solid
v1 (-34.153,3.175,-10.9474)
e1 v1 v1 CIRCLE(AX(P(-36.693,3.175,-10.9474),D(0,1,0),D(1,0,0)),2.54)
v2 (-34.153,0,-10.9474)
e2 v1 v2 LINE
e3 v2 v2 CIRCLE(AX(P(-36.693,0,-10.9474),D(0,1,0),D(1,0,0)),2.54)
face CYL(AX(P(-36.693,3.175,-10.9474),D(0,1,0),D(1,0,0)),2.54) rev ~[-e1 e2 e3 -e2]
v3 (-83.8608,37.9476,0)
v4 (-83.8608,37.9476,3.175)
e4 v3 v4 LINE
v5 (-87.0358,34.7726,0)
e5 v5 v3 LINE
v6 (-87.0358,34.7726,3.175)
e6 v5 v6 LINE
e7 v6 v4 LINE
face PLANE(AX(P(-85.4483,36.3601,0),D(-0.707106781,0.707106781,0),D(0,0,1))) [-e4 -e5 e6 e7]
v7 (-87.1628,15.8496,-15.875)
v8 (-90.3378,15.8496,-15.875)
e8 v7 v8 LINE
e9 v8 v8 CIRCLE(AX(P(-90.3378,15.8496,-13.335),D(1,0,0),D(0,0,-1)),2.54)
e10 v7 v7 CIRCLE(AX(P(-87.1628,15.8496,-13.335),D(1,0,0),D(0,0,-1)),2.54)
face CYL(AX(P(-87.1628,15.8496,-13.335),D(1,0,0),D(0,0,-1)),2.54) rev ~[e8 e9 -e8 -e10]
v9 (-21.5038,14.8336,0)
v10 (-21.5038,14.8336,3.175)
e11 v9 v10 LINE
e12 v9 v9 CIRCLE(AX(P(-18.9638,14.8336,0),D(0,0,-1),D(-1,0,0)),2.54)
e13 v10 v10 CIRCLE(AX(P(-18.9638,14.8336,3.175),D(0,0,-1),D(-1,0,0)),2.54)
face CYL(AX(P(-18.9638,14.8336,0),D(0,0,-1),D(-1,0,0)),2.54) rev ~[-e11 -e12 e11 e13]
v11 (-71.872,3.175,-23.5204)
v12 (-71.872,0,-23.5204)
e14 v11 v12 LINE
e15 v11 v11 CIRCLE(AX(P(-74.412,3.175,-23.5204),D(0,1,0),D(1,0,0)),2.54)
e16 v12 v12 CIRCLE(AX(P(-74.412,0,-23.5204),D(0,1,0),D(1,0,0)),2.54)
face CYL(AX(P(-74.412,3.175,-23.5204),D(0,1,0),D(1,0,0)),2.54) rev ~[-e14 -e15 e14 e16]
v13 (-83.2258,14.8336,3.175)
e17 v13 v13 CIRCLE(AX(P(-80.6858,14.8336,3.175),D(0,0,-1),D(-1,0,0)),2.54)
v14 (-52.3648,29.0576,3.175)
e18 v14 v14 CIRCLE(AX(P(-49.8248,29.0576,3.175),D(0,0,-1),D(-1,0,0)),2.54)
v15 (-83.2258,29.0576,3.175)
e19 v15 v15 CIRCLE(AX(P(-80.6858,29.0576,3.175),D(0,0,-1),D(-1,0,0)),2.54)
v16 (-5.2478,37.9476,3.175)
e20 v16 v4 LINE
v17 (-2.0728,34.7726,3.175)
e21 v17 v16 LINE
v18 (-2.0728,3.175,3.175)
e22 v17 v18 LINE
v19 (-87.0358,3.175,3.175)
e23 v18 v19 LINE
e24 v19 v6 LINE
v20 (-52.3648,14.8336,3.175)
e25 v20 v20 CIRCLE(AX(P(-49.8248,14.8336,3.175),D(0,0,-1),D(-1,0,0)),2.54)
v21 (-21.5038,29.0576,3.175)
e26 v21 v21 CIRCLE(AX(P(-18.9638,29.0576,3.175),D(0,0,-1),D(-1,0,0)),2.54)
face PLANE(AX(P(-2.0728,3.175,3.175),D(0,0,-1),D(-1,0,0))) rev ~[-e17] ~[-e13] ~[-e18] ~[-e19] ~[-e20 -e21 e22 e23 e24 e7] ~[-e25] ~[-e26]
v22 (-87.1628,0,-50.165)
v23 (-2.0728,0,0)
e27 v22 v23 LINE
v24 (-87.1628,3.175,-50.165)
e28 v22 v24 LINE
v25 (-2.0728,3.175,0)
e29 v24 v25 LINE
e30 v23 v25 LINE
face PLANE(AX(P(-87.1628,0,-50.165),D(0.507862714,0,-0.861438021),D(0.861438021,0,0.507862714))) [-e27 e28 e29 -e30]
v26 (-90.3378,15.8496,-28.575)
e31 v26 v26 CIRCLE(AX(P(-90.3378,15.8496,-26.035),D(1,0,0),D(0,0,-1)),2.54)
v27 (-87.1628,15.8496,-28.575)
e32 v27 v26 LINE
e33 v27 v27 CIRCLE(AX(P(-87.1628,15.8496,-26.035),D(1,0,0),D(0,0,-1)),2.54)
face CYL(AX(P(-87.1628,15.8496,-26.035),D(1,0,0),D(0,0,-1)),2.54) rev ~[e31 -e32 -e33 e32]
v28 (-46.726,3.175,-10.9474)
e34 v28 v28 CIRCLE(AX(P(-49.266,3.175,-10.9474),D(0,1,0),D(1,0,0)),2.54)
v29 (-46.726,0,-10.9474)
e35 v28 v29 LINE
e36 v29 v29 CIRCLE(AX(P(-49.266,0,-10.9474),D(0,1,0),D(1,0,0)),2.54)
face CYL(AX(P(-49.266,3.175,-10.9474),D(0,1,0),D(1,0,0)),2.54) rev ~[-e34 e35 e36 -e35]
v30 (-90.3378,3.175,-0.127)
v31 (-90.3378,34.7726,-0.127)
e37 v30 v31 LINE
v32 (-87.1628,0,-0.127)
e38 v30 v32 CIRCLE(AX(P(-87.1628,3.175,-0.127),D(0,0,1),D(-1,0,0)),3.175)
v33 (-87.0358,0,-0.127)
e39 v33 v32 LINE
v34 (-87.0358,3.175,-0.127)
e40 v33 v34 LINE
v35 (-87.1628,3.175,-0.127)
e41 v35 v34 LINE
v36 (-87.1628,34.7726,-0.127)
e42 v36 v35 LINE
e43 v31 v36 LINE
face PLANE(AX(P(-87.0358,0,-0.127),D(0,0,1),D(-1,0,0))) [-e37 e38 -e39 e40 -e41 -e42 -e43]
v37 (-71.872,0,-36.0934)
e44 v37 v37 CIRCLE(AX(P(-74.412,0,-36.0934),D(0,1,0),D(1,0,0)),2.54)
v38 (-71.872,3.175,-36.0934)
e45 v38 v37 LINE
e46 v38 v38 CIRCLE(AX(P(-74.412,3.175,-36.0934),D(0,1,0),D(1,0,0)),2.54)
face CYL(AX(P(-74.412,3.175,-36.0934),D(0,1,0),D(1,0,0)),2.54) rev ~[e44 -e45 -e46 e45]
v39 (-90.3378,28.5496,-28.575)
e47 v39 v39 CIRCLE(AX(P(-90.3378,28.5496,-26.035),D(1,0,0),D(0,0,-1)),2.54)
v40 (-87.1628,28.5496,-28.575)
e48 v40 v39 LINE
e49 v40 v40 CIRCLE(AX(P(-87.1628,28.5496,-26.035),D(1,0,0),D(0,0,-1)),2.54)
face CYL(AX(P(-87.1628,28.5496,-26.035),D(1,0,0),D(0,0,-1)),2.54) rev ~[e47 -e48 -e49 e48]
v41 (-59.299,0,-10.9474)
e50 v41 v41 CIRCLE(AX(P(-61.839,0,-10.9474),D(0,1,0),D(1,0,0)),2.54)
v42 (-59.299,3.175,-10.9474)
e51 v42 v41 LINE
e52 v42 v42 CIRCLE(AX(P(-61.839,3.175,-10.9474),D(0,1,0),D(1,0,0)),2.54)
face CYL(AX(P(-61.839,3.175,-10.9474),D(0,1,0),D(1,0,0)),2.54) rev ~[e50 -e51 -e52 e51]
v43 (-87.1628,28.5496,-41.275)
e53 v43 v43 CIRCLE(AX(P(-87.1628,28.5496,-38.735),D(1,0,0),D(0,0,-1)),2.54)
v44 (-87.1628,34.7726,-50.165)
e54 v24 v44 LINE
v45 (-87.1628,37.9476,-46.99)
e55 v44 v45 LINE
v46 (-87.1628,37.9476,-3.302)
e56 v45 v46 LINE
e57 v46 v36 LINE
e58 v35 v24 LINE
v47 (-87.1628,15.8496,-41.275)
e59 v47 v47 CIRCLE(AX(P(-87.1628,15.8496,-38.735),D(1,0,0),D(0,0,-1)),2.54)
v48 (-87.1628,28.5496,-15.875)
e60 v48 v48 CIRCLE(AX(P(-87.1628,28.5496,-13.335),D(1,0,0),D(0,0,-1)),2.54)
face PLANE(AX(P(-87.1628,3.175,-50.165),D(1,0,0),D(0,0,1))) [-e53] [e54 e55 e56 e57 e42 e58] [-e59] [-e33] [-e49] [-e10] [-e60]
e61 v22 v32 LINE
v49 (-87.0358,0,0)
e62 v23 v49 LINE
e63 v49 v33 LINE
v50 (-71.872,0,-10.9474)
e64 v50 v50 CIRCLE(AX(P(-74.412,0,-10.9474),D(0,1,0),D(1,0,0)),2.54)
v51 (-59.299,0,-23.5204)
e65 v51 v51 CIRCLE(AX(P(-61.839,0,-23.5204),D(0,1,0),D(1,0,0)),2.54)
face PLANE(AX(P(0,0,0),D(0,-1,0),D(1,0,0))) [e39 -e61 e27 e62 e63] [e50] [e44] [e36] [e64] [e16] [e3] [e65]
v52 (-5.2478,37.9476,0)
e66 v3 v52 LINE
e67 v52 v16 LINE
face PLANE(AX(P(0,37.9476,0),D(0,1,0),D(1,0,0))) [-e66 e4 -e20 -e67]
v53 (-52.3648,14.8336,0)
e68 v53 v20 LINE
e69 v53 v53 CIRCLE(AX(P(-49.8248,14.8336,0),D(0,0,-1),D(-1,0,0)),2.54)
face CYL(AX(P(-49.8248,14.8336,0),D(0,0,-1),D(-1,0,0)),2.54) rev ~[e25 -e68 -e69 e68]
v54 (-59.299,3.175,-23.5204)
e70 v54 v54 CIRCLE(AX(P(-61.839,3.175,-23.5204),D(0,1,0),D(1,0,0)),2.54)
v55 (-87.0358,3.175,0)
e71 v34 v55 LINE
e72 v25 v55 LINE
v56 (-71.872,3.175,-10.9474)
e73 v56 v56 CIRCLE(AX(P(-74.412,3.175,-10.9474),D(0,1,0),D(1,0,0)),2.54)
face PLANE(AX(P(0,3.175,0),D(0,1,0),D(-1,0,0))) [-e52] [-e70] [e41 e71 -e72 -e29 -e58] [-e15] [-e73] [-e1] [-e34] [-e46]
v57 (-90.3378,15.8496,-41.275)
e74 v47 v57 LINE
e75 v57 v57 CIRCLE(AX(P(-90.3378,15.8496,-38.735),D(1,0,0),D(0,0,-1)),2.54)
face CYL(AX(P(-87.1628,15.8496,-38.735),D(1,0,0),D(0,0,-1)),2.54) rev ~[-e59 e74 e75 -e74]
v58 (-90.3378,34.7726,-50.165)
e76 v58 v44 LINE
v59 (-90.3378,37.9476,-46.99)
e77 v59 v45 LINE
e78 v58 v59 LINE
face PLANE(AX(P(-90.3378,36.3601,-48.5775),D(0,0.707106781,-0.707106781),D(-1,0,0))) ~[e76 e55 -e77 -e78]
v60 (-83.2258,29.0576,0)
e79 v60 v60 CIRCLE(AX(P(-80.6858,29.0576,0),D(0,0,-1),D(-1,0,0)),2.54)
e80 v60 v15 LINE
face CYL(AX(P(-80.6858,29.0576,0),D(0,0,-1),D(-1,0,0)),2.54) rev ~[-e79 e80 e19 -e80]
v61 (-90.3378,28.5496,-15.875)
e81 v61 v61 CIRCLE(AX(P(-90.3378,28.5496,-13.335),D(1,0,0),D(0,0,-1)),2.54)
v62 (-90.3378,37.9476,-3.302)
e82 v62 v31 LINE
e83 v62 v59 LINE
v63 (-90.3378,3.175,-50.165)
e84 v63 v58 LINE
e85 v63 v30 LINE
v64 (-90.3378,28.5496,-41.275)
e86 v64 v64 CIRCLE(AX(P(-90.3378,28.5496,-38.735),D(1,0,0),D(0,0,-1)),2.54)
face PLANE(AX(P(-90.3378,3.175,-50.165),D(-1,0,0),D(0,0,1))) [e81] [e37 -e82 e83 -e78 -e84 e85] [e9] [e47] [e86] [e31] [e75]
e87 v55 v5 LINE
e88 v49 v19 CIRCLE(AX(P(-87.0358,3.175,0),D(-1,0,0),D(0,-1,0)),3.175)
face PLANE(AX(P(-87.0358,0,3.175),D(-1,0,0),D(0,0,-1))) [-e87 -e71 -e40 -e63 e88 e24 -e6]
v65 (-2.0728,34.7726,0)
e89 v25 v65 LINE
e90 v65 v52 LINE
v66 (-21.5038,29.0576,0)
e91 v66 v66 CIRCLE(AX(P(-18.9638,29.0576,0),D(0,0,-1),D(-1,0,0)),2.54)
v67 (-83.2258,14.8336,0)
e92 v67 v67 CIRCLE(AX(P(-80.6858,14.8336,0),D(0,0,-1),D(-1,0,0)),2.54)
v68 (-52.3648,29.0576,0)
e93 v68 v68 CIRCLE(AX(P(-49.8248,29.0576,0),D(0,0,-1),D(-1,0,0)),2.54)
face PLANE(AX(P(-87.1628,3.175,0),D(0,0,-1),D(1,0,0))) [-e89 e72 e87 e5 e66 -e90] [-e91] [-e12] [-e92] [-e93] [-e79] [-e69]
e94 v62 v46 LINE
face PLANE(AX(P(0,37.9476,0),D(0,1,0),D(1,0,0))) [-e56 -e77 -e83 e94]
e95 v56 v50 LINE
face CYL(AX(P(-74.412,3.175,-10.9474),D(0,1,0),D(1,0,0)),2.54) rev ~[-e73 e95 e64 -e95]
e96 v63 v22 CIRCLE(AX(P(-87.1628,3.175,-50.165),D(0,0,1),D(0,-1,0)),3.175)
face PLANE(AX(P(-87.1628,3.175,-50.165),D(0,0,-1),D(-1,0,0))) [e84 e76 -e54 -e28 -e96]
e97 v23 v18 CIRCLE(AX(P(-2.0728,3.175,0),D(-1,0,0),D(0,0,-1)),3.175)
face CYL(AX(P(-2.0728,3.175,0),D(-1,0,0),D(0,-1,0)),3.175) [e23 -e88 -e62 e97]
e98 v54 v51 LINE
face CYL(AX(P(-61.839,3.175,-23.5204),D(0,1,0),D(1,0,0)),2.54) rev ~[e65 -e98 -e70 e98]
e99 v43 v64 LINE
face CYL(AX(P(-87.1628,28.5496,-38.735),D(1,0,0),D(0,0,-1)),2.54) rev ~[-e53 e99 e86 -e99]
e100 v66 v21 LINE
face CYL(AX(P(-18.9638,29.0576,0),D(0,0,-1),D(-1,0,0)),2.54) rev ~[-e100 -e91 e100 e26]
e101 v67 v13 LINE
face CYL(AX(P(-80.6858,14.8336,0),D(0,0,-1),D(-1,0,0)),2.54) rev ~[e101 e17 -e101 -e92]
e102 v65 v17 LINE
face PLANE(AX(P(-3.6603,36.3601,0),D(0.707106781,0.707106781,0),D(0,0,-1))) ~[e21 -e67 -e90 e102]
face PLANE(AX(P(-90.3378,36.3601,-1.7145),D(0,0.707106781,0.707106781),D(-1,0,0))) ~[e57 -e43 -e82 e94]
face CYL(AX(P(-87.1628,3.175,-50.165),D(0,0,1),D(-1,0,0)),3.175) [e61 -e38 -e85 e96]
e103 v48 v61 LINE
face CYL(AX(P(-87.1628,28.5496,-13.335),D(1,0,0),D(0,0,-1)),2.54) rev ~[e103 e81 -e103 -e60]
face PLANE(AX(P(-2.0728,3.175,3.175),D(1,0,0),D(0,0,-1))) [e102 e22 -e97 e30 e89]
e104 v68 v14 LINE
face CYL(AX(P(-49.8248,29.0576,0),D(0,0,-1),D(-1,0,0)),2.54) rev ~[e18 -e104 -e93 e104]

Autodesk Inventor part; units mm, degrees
ref_plane "YZ Plane" through (0, 0, 0) normal (1, 0, 0) x (0, 1, 0)
ref_plane "XZ Plane" through (0, 0, 0) normal (0, 1, 0) x (-1, 0, 0)
ref_plane "XY Plane" through (0, 0, 0) normal (0, 0, 1) x (1, 0, 0)
sketch "Sketch1" plane through (0, 0, 0) normal (0, 1, 0) x (-1, 0, 0)
  line L0 (2.0728, 0) -> (87.1628, 0)
  line L1 (87.1628, 0) -> (87.1628, -50.165)
  line L2 (87.1628, -50.165) -> (2.0728, -50.165)
  line L3 (2.0728, -50.165) -> (2.0728, 0)
  line L4 (87.1628, -50.165) -> (2.0728, 0)
  point P0 (0, 0)
  dimension "d0" = 85.09
  dimension "d1" = 50.165
extrude "Extrusion1" add sketch "Sketch1" along normal blind 3.175 contours L0 L1 L4
sketch "Sketch2" plane through (0, 3.175, 0) normal (0, 1, 0) x (1, 0, 0)
  line L0 (-87.1628, 0) -> (-2.0728, 0) projected
  line L1 (-87.1628, 0) -> (-90.3378, 0)
  line L2 (-90.3378, 0) -> (-90.3378, 50.165)
  line L3 (-90.3378, 50.165) -> (-87.1628, 50.165)
  line L4 (-87.1628, 50.165) -> (-87.1628, 0)
  line L5 (-87.1628, 0) -> (-2.0728, 0)
  line L6 (-2.0728, 0) -> (-2.0728, -3.175)
  line L7 (-2.0728, -3.175) -> (-87.1628, -3.175)
  line L8 (-87.1628, -3.175) -> (-87.1628, 0)
  line L9 (-90.3378, 0) -> (-87.1628, 0)
  line L10 (-87.1628, 0) -> (-87.1628, -3.175)
  line L11 (-87.1628, -3.175) -> (-90.3378, -3.175)
  line L12 (-90.3378, -3.175) -> (-90.3378, 0)
  point P0 (0, 0)
  dimension "d4" = 3.175
  dimension "d5" = 3.175
extrude "Extrusion2" add sketch "Sketch2" along normal blind 34.7726 contours L1 L2 L3 L4 | L0 L6 L7 L8
sketch "Sketch3" plane through (0, 37.9476, 0) normal (0, 1, 0) x (1, 0, 0)
  line L0 (-87.1628, 0) -> (-90.3378, 0)
  line L1 (-90.3378, 0) -> (-90.3378, -3.175)
  line L2 (-90.3378, -3.175) -> (-87.1628, -3.175)
  line L3 (-87.1628, -3.175) -> (-87.1628, 0)
  point P0 (0, 0)
  dimension "d8" = 3.175
extrude "Extrusion3" add sketch "Sketch3" against normal blind 34.7726
sketch "Sketch4" plane through (0, 3.175, 0) normal (0, -1, 0) x (1, 0, 0)
  line L0 (-87.1628, 0) -> (-2.0728, 0) projected
  line L1 (-2.0728, 3.175) -> (-2.0728, 0) projected
  line L2 (-2.0728, 3.175) -> (-90.3378, 3.175) projected
  line L3 (-90.3378, -50.165) -> (-90.3378, 3.175) projected
  line L4 (-87.1628, -50.165) -> (-90.3378, -50.165) projected
  line L5 (-87.1628, -50.165) -> (-87.1628, 0) projected
  point P0 (0, 0)
extrude "Extrusion4" add sketch "Sketch4" along normal blind 3.175
fillet "Fillet1" radius 3.175 2 edges at (-46.2053, 0, 3.175) (-90.3378, 0, -23.495)
sketch "Sketch5" plane through (0, 0, 0) normal (0, -1, 0) x (1, 0, 0)
  line L0 (-87.0358, -0.127) -> (-90.3378, -0.127)
  line L1 (-90.3378, -0.127) -> (-90.3378, 3.175)
  line L2 (-90.3378, 3.175) -> (-87.0358, 3.175)
  line L3 (-87.0358, 3.175) -> (-87.0358, -0.127)
  line L4 (-90.3378, 0) -> (-90.3378, -50.165) projected
  line L5 (-2.0728, 3.175) -> (-87.1628, 3.175) projected
  point P0 (0, 0)
  dimension "d22" = 3.302
  dimension "d23" = 3.302
  dimension "d24" = 0
  dimension "d25" = 0
extrude "Extrusion5" cut sketch "Sketch5" against normal blind 127
chamfer "Chamfer4" distance 3.175 angle 45 4 edges at (-2.0728, 37.9476, 1.5875) (-88.7503, 37.9476, -50.165) (-88.7503, 37.9476, -0.127) (-87.0358, 37.9476, 1.5875)
sketch "Sketch6" plane through (-87.1628, 3.175, -0.127) normal (1, 0, 0) x (0, 0, -1)
  line L0 (50.038, 0) -> (50.038, 31.5976) projected
  line L1 (3.175, 34.7726) -> (46.863, 34.7726) projected
  circle A0 centre (38.608, 25.3746) radius 2.54
  circle A1 centre (38.608, 12.6746) radius 2.54
  circle A2 centre (25.908, 25.3746) radius 2.54
  circle A3 centre (25.908, 12.6746) radius 2.54
  circle A4 centre (13.208, 25.3746) radius 2.54
  circle A5 centre (13.208, 12.6746) radius 2.54
  point P0 (-0.127, -3.175)
  dimension "d43" = 25.4
  dimension "d32" = 5.08
  dimension "d34" = 11.43
  dimension "d35" = 9.398
  dimension "d36" = 5.08
  dimension "d37" = 12.7
  dimension "d40" = 12.7
extrude "Extrusion6" cut sketch "Sketch6" against normal blind 127
sketch "Sketch7" plane through (-2.0728, 3.175, 0) normal (0, 0, -1) x (-1, 0, 0)
  line L0 (3.175, 34.7726) -> (81.788, 34.7726) projected
  line L1 (84.963, 0) -> (0, 0) projected
  line L2 (84.963, 0) -> (84.963, 31.5976) projected
  circle A0 centre (78.613, 25.8826) radius 2.54
  circle A1 centre (47.752, 25.8826) radius 2.54
  circle A2 centre (16.891, 25.8826) radius 2.54
  circle A3 centre (78.613, 11.6586) radius 2.54
  circle A4 centre (47.752, 11.6586) radius 2.54
  circle A5 centre (16.891, 11.6586) radius 2.54
  point P0 (-2.0728, -3.175)
  dimension "d48" = 5.08
  dimension "d49" = 6.35
  dimension "d50" = 8.89
  dimension "d53" = 30.861
  dimension "d56" = 14.224
extrude "Extrusion7" cut sketch "Sketch7" against normal blind 127
sketch "Sketch8" plane through (0, 3.175, 0) normal (0, 1, 0) x (1, 0, 0)
  line L0 (-87.0358, 0) -> (-2.0728, 0) projected
  line L1 (-87.1628, 50.165) -> (-87.1628, 0.127) projected
  circle A0 centre (-74.412, 36.0934) radius 2.54
  line L2 (-87.1628, 50.165) -> (-90.3378, 50.165) projected
  circle A1 centre (-61.839, 36.0934) radius 2.54
  circle A2 centre (-49.266, 36.0934) radius 2.54
  circle A3 centre (-36.693, 36.0934) radius 2.54
  circle A4 centre (-74.412, 23.5204) radius 2.54
  circle A5 centre (-61.839, 23.5204) radius 2.54
  circle A6 centre (-49.266, 23.5204) radius 2.54
  circle A7 centre (-36.693, 23.5204) radius 2.54
  circle A8 centre (-74.412, 10.9474) radius 2.54
  circle A9 centre (-61.839, 10.9474) radius 2.54
  circle A10 centre (-49.266, 10.9474) radius 2.54
  circle A11 centre (-36.693, 10.9474) radius 2.54
  point P0 (0, 0)
  dimension "d61" = 5.08
  dimension "d63" = 12.7508
  dimension "d64" = 14.0716
  dimension "d67" = 12.573
  dimension "d70" = 12.573
extrude "Extrusion8" cut sketch "Sketch8" against normal blind 127 contours A0 | A4 | A5 | A8 | A9 | A10 | A11
properties part number "Chassis_BumperAttachment Bruh"
